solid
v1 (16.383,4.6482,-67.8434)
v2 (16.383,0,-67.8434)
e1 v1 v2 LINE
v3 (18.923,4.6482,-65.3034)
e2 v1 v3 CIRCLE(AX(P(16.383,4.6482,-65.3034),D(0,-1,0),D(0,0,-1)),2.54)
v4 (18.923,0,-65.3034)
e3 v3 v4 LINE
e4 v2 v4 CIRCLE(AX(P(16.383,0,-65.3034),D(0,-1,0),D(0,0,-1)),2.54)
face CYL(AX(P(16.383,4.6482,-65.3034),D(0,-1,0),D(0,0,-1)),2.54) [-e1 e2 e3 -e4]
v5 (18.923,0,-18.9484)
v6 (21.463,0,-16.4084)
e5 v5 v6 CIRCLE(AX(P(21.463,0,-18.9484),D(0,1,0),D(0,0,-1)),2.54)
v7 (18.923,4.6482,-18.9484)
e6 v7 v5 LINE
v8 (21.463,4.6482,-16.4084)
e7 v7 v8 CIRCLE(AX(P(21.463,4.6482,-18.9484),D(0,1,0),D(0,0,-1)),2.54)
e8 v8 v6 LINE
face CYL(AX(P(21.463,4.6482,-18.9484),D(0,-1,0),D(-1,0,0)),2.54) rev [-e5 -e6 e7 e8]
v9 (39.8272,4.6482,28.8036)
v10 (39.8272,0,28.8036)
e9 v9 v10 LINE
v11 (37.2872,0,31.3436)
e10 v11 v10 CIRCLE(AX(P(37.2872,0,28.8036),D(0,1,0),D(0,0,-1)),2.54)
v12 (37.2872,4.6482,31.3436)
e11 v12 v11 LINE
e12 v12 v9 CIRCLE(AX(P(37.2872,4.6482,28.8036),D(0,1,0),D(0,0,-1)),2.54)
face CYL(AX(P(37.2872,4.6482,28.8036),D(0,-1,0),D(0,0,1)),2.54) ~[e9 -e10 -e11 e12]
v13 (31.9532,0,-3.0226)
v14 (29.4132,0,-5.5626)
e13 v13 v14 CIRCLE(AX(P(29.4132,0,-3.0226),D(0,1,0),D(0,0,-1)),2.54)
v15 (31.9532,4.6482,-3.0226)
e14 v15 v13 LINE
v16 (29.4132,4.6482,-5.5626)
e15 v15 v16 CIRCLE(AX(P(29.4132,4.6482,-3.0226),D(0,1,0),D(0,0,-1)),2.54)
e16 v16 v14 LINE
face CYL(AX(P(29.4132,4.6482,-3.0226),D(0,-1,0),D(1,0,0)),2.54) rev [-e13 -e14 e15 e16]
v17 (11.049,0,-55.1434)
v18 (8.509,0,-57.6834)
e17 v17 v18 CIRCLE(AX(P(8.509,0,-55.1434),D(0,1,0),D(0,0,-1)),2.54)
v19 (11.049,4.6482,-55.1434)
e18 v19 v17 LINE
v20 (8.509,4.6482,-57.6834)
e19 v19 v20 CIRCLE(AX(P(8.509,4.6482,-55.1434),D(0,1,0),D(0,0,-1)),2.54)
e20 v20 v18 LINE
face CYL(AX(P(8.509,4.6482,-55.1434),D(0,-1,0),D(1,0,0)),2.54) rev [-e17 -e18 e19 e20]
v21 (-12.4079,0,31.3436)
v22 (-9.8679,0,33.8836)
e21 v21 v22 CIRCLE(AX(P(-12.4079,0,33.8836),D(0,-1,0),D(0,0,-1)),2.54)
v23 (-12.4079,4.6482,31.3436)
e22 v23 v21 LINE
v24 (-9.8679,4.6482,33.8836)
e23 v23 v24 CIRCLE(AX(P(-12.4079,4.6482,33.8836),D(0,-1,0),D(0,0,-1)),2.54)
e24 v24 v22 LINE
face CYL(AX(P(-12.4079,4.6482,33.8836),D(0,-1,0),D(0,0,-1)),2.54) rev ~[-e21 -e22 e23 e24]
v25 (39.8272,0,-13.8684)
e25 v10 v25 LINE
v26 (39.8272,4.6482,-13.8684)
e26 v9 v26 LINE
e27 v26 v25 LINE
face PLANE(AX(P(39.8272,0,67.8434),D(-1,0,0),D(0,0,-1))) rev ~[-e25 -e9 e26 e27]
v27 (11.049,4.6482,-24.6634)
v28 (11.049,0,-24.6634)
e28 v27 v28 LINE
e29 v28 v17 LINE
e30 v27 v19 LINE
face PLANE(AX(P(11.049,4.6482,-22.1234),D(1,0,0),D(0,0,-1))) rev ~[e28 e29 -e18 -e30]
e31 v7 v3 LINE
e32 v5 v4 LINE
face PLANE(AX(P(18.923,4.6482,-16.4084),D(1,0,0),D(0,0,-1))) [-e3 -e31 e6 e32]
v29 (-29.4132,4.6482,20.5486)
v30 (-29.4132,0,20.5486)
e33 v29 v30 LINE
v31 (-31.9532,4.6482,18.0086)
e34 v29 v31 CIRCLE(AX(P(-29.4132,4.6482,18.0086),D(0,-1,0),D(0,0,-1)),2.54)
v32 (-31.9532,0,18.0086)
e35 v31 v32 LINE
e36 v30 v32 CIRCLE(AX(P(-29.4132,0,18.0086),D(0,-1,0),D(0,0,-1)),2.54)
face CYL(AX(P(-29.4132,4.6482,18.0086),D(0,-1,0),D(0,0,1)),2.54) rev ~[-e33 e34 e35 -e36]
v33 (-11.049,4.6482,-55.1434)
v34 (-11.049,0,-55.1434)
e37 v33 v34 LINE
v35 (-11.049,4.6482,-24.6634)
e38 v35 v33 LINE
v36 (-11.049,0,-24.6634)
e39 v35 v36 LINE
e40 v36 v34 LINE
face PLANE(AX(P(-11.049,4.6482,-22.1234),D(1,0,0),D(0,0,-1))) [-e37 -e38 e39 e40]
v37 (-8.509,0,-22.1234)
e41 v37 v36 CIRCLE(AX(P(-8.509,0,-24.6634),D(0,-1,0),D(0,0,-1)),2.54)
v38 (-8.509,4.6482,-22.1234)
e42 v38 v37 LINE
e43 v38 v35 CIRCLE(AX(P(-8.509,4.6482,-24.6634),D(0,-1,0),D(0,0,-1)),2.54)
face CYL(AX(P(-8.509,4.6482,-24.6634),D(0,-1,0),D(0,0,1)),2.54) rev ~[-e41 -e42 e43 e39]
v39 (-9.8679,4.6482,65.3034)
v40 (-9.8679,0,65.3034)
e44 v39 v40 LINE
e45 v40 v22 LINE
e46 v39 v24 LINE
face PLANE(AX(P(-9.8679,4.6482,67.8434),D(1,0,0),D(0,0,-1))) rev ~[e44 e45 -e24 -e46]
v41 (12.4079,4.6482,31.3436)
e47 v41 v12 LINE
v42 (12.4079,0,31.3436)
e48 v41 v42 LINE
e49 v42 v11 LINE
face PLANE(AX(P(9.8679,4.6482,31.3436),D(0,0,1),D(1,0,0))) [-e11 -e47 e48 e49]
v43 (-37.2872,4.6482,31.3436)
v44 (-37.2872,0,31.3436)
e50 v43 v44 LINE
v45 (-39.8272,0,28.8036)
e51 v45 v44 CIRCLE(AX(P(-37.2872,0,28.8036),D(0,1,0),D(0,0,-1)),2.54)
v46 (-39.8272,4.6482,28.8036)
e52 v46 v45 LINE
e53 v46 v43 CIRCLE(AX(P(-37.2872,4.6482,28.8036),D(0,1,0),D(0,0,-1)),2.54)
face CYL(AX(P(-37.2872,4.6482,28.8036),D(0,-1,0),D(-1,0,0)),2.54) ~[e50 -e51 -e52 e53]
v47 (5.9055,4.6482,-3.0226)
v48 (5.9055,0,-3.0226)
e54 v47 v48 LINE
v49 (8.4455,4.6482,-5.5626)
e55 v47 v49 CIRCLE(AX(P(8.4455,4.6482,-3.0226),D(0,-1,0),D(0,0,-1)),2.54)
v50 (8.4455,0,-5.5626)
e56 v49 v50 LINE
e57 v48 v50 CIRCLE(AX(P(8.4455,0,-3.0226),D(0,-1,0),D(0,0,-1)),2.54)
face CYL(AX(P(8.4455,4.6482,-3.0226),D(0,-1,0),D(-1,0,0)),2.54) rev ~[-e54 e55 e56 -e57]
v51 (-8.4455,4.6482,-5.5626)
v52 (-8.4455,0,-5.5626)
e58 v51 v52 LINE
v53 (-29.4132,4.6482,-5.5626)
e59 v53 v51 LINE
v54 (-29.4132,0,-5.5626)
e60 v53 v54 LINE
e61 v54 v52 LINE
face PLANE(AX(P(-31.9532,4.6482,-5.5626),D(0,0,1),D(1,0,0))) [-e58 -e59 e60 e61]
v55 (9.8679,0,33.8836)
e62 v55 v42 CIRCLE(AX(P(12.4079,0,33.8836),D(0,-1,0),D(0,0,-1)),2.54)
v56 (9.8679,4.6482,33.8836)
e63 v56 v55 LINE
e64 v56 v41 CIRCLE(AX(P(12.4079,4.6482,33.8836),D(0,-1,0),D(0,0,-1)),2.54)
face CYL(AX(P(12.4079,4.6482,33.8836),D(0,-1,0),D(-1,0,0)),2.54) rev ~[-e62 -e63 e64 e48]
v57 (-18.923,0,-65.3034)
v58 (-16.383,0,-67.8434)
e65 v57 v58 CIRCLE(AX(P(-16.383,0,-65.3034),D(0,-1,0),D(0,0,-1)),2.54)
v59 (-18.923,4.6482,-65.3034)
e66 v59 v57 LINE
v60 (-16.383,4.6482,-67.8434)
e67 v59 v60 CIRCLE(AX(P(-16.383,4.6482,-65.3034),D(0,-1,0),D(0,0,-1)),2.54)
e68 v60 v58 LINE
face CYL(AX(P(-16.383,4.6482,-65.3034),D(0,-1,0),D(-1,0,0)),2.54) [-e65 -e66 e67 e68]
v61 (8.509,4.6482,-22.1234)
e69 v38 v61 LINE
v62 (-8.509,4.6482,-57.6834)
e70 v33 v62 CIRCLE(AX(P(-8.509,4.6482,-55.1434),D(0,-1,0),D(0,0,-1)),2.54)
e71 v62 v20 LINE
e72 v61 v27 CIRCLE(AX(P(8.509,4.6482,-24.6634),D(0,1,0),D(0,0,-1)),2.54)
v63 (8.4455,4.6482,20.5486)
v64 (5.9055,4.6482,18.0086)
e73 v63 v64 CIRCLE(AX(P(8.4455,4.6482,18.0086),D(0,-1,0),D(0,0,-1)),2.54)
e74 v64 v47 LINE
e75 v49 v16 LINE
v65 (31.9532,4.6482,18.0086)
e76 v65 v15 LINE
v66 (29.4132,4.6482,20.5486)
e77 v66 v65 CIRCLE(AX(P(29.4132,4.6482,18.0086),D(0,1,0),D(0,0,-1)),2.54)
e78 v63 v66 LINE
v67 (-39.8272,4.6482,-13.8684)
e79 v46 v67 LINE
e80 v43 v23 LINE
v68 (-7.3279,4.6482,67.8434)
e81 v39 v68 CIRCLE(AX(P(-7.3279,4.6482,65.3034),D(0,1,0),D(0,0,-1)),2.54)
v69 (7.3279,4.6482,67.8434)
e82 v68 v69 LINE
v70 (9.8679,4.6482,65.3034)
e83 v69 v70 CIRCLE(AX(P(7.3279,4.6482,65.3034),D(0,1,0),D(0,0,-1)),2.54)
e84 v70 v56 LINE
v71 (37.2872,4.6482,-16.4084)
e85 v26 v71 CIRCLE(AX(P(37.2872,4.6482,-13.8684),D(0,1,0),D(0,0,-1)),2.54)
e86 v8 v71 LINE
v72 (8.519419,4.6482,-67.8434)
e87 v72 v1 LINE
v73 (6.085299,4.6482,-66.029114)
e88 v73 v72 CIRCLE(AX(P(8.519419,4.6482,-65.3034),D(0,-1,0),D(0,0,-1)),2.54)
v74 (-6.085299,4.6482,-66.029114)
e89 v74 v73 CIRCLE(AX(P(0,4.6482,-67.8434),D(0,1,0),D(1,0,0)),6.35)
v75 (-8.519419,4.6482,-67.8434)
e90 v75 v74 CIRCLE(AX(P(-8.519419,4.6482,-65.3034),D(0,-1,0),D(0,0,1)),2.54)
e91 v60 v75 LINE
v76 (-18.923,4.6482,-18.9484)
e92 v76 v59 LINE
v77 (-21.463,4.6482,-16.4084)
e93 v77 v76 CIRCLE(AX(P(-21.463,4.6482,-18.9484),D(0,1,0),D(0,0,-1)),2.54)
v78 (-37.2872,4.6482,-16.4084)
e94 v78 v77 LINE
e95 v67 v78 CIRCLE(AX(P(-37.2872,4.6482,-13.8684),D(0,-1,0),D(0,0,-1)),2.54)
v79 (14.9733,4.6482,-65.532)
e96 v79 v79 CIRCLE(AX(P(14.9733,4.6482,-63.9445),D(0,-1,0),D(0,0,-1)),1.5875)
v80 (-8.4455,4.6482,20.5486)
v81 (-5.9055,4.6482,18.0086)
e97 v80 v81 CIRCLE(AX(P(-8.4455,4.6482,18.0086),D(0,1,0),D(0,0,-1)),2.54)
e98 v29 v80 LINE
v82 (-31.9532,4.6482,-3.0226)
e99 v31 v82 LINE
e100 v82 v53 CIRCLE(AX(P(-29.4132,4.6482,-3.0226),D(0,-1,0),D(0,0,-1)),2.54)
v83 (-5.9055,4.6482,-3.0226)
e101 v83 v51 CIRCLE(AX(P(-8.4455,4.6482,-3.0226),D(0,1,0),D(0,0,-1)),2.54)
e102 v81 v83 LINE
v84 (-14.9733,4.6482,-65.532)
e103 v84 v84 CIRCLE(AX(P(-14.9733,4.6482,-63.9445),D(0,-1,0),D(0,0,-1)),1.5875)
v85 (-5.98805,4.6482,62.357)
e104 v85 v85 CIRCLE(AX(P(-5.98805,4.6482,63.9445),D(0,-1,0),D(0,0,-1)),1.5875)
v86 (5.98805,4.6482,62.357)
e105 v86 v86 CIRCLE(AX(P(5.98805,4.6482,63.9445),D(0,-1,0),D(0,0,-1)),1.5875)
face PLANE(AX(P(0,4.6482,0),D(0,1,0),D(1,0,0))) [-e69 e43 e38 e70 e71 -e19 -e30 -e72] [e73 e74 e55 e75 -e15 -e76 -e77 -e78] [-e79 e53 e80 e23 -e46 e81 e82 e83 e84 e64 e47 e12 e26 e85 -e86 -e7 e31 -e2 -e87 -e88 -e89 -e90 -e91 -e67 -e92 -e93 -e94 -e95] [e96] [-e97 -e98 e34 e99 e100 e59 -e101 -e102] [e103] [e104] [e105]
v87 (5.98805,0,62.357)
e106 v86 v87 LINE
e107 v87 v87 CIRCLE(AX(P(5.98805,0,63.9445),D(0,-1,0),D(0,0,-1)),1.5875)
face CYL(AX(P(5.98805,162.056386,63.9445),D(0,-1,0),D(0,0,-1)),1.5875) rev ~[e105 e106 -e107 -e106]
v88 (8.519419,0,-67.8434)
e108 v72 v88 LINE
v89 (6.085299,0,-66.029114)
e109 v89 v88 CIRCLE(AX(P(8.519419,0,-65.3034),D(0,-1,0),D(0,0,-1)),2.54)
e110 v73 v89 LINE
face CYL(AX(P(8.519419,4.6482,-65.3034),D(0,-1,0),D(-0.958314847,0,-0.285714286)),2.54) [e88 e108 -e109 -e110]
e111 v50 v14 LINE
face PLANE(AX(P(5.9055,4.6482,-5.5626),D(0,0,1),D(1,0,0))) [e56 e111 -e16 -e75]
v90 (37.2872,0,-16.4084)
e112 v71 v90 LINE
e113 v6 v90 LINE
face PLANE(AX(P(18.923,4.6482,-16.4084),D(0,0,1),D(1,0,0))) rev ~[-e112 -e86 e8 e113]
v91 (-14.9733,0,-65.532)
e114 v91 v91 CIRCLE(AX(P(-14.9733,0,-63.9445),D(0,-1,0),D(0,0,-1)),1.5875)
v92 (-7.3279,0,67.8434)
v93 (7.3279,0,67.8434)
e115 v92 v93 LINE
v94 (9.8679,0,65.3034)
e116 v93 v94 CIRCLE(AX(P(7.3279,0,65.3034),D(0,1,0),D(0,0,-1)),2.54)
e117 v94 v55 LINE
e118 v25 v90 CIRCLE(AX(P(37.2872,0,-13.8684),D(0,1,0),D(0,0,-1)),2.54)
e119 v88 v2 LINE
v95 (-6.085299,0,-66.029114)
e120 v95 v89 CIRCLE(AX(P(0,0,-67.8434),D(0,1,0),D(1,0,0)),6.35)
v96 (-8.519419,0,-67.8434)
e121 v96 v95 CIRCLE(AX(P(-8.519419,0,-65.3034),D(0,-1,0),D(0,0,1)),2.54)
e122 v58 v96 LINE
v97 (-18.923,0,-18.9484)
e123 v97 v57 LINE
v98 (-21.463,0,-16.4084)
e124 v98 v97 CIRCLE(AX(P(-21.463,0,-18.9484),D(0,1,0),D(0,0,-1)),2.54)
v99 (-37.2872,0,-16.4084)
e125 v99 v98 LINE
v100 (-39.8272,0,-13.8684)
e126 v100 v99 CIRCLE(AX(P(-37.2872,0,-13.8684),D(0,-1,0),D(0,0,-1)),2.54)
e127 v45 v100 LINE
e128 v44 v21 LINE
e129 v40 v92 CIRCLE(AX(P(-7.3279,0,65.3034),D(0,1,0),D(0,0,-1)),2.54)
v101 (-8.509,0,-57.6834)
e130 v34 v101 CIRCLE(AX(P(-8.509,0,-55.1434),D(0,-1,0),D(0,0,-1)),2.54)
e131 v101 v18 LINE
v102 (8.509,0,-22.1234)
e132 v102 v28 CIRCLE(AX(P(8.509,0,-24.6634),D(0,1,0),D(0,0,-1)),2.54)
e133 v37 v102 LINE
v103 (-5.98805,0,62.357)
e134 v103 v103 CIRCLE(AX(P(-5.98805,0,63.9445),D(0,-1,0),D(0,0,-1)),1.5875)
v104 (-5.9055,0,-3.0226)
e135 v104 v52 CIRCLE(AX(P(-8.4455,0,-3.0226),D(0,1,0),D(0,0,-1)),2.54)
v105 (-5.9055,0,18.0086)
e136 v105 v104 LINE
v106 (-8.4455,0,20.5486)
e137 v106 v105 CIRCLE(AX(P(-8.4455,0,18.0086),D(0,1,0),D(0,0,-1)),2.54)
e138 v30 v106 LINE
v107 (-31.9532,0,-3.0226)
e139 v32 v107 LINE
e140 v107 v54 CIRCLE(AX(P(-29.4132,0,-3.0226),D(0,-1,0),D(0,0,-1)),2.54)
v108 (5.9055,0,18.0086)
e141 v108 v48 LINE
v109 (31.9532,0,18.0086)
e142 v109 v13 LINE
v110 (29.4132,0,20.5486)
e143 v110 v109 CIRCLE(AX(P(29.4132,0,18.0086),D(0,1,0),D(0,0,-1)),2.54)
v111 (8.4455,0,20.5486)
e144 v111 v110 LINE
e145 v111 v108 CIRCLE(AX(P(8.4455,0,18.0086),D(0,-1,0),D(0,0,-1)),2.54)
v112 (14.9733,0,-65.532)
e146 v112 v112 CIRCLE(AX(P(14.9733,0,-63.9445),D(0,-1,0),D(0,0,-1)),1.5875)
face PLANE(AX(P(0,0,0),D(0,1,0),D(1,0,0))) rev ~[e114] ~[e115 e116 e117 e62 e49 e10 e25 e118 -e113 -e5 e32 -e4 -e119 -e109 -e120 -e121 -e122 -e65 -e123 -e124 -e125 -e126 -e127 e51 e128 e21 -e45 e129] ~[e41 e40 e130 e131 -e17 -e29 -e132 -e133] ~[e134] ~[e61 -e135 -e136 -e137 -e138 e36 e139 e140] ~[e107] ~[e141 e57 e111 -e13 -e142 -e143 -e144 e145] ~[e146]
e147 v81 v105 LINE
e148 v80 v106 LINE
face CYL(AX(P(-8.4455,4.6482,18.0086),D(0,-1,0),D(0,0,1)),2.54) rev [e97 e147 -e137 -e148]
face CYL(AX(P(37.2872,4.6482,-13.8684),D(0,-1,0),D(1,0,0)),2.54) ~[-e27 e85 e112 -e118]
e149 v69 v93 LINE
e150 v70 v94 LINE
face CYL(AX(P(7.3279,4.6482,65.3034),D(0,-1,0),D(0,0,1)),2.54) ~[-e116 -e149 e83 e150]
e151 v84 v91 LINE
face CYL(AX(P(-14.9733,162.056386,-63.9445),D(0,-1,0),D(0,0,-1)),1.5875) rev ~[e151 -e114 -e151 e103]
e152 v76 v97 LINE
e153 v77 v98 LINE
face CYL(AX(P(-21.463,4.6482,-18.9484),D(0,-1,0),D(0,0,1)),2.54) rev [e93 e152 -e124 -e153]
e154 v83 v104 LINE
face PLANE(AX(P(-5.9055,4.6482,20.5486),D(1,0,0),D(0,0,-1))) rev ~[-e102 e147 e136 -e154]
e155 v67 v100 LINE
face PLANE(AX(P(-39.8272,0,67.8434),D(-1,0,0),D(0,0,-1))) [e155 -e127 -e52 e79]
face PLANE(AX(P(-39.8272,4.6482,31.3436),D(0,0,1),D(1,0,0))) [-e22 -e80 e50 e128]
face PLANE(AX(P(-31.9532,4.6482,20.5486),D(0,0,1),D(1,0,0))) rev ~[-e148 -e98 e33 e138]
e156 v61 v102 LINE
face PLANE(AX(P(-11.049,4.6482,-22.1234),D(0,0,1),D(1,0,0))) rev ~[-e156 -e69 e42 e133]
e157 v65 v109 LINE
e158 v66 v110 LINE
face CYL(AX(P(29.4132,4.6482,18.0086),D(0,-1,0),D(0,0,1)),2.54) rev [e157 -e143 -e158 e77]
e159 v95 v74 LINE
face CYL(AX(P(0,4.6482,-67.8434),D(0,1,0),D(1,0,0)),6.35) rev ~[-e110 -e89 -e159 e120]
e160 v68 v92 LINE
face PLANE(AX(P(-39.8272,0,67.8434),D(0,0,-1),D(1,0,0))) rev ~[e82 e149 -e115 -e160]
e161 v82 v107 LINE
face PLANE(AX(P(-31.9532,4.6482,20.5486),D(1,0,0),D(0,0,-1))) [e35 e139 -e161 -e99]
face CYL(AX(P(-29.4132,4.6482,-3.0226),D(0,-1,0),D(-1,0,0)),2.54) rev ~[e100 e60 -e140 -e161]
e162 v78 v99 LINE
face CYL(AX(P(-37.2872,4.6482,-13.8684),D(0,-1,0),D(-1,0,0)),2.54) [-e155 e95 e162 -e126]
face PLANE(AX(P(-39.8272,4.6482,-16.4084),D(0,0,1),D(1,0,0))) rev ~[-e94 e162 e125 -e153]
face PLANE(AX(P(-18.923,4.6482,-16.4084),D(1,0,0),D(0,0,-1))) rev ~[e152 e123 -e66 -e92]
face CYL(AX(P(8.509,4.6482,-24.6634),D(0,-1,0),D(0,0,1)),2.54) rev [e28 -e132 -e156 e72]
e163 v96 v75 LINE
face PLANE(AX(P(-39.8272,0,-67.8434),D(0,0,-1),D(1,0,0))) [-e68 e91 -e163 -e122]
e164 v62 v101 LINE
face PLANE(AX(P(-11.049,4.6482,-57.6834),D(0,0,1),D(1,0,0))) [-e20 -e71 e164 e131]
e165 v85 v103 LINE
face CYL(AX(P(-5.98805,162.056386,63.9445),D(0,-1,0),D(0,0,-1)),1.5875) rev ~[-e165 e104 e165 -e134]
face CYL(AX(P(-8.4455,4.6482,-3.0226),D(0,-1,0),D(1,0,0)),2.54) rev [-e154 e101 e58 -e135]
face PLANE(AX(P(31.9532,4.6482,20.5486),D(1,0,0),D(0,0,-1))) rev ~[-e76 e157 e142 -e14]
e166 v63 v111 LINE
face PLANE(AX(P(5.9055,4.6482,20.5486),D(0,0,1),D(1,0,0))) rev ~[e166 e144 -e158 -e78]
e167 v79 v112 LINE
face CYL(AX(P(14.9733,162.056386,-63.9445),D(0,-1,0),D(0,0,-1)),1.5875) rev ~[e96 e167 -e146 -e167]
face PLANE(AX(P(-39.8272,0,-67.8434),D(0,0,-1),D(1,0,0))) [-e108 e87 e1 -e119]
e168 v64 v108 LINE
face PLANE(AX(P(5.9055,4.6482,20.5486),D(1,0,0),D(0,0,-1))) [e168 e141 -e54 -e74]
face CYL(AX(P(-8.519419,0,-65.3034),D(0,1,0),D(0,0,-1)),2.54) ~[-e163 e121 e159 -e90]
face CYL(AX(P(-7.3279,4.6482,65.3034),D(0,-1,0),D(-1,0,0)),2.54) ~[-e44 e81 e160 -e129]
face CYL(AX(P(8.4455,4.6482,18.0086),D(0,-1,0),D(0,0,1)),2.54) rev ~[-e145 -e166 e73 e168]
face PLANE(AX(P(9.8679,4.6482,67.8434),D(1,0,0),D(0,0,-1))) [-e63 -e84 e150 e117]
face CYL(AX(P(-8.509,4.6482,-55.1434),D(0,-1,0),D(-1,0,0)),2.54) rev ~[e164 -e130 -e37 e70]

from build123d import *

# Parameters (mm, degrees)
SKETCH1_W                    = 79.6544
SKETCH1_H                    = 135.6868
BOSS_EXTRUDE1_DEPTH          = 4.6482
SKETCH2_W                    = 20.9042
SKETCH2_H                    = 51.435
SKETCH2_W_2                  = 22.098
SKETCH2_H_2                  = 35.56
SKETCH2_W_3                  = 26.0477
SKETCH2_H_3                  = 26.1112
SKETCH2_W_4                  = 29.9593
SKETCH2_H_4                  = 36.4998
CUT_EXTRUDE1_DEPTH           = 79.806970165
F_1_8_0_125_DIAMETER_HOLE1_D = 3.175
FILLET1_R                    = 2.54


with BuildPart() as part:
    # Sketch1 → Boss-Extrude1 (new body)
    with BuildSketch(Plane(origin=(0, 0, 0), x_dir=(1, 0, 0), z_dir=(0, 1, 0))):
        Rectangle(SKETCH1_W, SKETCH1_H)
    extrude(amount=BOSS_EXTRUDE1_DEPTH)

    # Sketch2 → Cut-Extrude1 (cut, through all)
    with BuildSketch(Plane(origin=(0, 4.6482, 0), x_dir=(1, 0, 0), z_dir=(0, 1, 0))):
        with Locations((29.3751, 42.1259)):
            Rectangle(SKETCH2_W, SKETCH2_H)
        with Locations((0, 39.9034)):
            Rectangle(SKETCH2_W_2, SKETCH2_H_2)
        with Locations((18.92935, -7.493)):
            Rectangle(SKETCH2_W_3, SKETCH2_H_3)
        with Locations((-18.92935, -7.493)):
            Rectangle(SKETCH2_W_3, SKETCH2_H_3)
        with Locations((-24.84755, -49.5935)):
            Rectangle(SKETCH2_W_4, SKETCH2_H_4)
        with Locations((24.84755, -49.5935)):
            Rectangle(SKETCH2_W_4, SKETCH2_H_4)
        with BuildLine():
            Line((6.35, 67.8434), (-6.35, 67.8434))
            ThreePointArc((-6.35, 67.8434), (0, 61.4934), (6.35, 67.8434))
        make_face()
        with BuildLine():
            ThreePointArc((6.35, 67.8434), (0, 74.1934), (-6.35, 67.8434))
            Line((-6.35, 67.8434), (6.35, 67.8434))
        make_face()
        with Locations((-29.3751, 42.1259)):
            Rectangle(SKETCH2_W, SKETCH2_H)
    extrude(amount=-CUT_EXTRUDE1_DEPTH, mode=Mode.SUBTRACT)

    # 1/8 (0.125) Diameter Hole1 (through all)
    with Locations(Plane(origin=(-14.9733, 4.6482, -63.9445), x_dir=(0, 0, 1), z_dir=(0, 1, 0))):
        with Locations((0, 0), (0, 29.9466), (127.889, 20.96135), (127.889, 8.98525)):
            Hole(F_1_8_0_125_DIAMETER_HOLE1_D / 2)

    # Fillet1
    fillet1_edges = [part.edges().sort_by_distance(p)[0] for p in [
        (-9.8679, 2.3241, 67.8434),
        (-39.8272, 2.3241, 31.3436),
        (-9.8679, 2.3241, 31.3436),
        (-5.9055, 2.3241, -5.5626),
        (-5.9055, 2.3241, 20.5486),
        (-31.9532, 2.3241, 20.5486),
        (-31.9532, 2.3241, -5.5626),
        (31.9532, 2.3241, -5.5626),
        (31.9532, 2.3241, 20.5486),
        (5.9055, 2.3241, 20.5486),
        (5.9055, 2.3241, -5.5626),
        (11.049, 2.3241, -22.1234),
        (-11.049, 2.3241, -22.1234),
        (-11.049, 2.3241, -57.6834),
        (11.049, 2.3241, -57.6834),
        (9.8679, 2.3241, 67.8434),
        (9.8679, 2.3241, 31.3436),
        (39.8272, 2.3241, 31.3436),
        (-6.35, 2.3241, -67.8434),
        (6.35, 2.3241, -67.8434),
        (-18.923, 2.3241, -67.8434),
        (-18.923, 2.3241, -16.4084),
        (-39.8272, 2.3241, -16.4084),
        (18.923, 2.3241, -67.8434),
        (39.8272, 2.3241, -16.4084),
        (18.923, 2.3241, -16.4084),
    ]]
    fillet(fillet1_edges, radius=FILLET1_R)


solid = part.part
